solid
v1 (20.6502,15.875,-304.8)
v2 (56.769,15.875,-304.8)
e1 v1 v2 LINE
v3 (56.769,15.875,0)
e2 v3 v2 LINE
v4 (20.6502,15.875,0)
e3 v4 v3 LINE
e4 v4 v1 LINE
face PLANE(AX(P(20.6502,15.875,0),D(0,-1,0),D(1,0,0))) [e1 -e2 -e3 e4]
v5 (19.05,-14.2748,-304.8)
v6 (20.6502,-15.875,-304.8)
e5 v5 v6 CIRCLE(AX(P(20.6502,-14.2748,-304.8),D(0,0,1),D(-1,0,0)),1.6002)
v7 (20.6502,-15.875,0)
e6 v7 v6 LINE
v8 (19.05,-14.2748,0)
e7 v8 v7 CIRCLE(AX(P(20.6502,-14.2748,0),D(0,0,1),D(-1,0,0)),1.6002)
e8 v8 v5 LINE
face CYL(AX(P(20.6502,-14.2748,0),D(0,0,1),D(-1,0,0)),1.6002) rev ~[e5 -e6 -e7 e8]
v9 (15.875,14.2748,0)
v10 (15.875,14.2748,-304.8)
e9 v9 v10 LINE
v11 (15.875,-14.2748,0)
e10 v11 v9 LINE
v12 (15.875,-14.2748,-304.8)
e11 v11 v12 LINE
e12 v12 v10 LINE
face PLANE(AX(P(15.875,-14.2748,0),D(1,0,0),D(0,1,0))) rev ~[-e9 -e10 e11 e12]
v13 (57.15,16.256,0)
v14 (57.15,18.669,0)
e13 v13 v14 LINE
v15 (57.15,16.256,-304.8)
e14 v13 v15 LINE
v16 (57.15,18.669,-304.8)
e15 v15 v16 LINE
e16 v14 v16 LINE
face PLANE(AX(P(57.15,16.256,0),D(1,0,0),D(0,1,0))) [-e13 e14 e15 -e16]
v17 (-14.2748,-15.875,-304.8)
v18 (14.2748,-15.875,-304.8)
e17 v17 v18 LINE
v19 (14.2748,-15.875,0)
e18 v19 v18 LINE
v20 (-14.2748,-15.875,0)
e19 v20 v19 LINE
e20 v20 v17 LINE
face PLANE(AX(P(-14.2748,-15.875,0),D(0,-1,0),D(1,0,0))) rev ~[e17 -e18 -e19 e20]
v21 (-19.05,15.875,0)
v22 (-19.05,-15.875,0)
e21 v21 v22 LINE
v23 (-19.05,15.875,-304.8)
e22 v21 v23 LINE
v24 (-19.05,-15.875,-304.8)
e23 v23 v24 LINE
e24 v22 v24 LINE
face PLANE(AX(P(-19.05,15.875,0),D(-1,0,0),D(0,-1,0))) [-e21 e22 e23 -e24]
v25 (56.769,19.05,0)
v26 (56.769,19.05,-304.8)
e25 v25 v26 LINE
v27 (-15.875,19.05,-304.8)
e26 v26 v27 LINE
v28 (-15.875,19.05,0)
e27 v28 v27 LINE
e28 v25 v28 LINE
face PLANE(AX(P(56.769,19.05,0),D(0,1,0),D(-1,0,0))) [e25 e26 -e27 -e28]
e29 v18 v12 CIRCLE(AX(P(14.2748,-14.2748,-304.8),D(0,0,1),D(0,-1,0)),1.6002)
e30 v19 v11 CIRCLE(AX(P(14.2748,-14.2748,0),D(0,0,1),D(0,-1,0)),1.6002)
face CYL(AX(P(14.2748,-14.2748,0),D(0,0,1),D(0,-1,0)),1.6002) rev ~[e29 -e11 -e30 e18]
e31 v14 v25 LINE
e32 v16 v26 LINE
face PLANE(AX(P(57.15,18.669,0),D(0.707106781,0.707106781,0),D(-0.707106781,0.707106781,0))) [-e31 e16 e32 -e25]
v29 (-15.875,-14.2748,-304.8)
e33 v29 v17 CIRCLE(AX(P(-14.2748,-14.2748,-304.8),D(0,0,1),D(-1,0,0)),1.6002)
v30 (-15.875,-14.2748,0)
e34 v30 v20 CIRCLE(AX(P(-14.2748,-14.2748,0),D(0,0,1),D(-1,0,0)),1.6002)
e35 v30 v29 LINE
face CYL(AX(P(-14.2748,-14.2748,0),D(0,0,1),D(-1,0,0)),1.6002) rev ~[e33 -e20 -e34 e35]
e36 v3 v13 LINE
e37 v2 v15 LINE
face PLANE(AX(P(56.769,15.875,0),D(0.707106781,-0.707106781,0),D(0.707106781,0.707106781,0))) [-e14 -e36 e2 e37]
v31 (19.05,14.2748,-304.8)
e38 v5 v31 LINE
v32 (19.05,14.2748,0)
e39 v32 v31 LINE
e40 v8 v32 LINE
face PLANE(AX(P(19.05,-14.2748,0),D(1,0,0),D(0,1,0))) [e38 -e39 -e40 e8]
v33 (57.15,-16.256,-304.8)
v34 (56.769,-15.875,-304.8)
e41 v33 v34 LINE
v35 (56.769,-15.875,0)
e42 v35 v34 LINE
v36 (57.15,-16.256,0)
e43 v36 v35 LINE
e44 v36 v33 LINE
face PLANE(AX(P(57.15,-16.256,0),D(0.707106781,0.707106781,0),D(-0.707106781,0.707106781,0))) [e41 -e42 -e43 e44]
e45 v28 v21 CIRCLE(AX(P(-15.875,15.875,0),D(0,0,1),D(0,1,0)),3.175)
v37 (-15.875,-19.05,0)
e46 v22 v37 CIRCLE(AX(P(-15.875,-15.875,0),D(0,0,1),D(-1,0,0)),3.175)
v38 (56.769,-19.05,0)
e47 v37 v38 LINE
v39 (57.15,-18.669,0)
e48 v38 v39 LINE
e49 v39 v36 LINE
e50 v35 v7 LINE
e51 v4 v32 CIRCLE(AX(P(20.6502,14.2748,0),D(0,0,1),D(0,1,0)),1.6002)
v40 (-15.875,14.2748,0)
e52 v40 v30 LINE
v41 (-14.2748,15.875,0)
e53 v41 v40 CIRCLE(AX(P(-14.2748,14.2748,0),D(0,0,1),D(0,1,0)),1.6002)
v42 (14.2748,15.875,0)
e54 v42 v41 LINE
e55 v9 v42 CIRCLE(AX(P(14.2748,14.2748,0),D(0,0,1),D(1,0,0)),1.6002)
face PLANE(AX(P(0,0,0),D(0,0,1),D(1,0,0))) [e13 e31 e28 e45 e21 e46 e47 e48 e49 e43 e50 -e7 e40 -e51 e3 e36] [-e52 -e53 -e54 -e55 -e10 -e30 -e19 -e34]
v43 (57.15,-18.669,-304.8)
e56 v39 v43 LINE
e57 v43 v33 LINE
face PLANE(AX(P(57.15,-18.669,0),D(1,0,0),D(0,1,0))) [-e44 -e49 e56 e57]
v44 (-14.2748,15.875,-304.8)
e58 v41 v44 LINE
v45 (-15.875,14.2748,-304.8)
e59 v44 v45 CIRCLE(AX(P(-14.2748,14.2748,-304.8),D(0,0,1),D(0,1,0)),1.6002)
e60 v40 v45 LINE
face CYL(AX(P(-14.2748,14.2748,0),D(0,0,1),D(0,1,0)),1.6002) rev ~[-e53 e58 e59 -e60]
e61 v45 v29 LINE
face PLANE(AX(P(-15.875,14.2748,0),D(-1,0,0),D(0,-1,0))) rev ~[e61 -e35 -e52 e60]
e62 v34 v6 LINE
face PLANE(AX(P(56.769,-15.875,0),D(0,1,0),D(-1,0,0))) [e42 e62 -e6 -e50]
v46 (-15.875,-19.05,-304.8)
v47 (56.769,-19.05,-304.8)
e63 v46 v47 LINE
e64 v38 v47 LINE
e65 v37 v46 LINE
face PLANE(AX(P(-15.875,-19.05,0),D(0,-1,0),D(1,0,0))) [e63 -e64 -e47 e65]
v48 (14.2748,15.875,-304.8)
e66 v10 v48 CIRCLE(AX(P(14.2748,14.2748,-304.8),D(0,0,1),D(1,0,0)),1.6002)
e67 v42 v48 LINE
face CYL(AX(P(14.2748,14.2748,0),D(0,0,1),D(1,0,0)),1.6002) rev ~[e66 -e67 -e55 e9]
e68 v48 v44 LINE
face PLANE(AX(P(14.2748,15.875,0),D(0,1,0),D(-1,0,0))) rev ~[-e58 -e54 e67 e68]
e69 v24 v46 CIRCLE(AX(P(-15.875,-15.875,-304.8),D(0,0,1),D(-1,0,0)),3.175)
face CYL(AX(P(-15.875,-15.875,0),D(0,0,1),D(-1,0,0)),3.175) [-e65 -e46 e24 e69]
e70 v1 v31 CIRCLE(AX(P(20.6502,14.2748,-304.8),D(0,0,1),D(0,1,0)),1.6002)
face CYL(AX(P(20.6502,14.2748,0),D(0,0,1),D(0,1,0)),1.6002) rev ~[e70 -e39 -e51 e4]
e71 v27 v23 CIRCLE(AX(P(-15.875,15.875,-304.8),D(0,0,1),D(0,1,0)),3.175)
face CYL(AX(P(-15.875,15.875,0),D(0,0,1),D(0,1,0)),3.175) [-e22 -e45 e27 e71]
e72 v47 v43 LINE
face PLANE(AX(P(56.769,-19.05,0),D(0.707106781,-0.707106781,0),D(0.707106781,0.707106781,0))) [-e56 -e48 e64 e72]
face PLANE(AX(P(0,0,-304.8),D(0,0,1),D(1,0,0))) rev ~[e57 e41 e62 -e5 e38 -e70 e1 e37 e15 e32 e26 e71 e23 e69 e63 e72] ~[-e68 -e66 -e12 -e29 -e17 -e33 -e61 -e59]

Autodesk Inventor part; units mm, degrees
ref_plane "YZ Plane" through (0, 0, 0) normal (1, 0, 0) x (0, 1, 0)
ref_plane "XZ Plane" through (0, 0, 0) normal (0, 1, 0) x (-1, 0, 0)
ref_plane "XY Plane" through (0, 0, 0) normal (0, 0, 1) x (1, 0, 0)
sketch "Sketch1" plane through (0, 0, 0) normal (0, 0, 1) x (1, 0, 0)
  arc A0 (14.2748, -15.875) -> (15.875, -14.2748) centre (14.2748, -14.2748) ccw
  line L0 (15.875, -14.2748) -> (15.875, 14.2748)
  line L1 (14.2748, 15.875) -> (-14.2748, 15.875)
  arc A1 (-14.2748, 15.875) -> (-15.875, 14.2748) centre (-14.2748, 14.2748) ccw
  line L2 (-15.875, 14.2748) -> (-15.875, -14.2748)
  arc A2 (-15.875, -14.2748) -> (-14.2748, -15.875) centre (-14.2748, -14.2748) ccw
  line L3 (-14.2748, -15.875) -> (14.2748, -15.875)
  arc A3 (15.875, 14.2748) -> (14.2748, 15.875) centre (14.2748, 14.2748) ccw
  line L4 (-15.875, -19.05) -> (56.769, -19.05)
  line L5 (56.769, -19.05) -> (57.15, -18.669)
  line L6 (57.15, -18.669) -> (57.15, -16.256)
  line L7 (57.15, -16.256) -> (56.769, -15.875)
  line L8 (56.769, -15.875) -> (20.6502, -15.875)
  arc A4 (19.05, -14.2748) -> (20.6502, -15.875) centre (20.6502, -14.2748) ccw
  line L9 (19.05, -14.2748) -> (19.05, 14.2748)
  arc A5 (20.6502, 15.875) -> (19.05, 14.2748) centre (20.6502, 14.2748) ccw
  line L10 (20.6502, 15.875) -> (56.769, 15.875)
  line L11 (56.769, 15.875) -> (57.15, 16.256)
  line L12 (57.15, 16.256) -> (57.15, 18.669)
  line L13 (57.15, 18.669) -> (56.769, 19.05)
  line L14 (56.769, 19.05) -> (-15.875, 19.05)
  arc A6 (-15.875, 19.05) -> (-19.05, 15.875) centre (-15.875, 15.875) ccw
  line L15 (-19.05, 15.875) -> (-19.05, -15.875)
  arc A7 (-19.05, -15.875) -> (-15.875, -19.05) centre (-15.875, -15.875) ccw
  point P0 (0, 0)
extrude "Extrusion1" add sketch "Sketch1" against normal blind 304.8
properties part number "9725"
